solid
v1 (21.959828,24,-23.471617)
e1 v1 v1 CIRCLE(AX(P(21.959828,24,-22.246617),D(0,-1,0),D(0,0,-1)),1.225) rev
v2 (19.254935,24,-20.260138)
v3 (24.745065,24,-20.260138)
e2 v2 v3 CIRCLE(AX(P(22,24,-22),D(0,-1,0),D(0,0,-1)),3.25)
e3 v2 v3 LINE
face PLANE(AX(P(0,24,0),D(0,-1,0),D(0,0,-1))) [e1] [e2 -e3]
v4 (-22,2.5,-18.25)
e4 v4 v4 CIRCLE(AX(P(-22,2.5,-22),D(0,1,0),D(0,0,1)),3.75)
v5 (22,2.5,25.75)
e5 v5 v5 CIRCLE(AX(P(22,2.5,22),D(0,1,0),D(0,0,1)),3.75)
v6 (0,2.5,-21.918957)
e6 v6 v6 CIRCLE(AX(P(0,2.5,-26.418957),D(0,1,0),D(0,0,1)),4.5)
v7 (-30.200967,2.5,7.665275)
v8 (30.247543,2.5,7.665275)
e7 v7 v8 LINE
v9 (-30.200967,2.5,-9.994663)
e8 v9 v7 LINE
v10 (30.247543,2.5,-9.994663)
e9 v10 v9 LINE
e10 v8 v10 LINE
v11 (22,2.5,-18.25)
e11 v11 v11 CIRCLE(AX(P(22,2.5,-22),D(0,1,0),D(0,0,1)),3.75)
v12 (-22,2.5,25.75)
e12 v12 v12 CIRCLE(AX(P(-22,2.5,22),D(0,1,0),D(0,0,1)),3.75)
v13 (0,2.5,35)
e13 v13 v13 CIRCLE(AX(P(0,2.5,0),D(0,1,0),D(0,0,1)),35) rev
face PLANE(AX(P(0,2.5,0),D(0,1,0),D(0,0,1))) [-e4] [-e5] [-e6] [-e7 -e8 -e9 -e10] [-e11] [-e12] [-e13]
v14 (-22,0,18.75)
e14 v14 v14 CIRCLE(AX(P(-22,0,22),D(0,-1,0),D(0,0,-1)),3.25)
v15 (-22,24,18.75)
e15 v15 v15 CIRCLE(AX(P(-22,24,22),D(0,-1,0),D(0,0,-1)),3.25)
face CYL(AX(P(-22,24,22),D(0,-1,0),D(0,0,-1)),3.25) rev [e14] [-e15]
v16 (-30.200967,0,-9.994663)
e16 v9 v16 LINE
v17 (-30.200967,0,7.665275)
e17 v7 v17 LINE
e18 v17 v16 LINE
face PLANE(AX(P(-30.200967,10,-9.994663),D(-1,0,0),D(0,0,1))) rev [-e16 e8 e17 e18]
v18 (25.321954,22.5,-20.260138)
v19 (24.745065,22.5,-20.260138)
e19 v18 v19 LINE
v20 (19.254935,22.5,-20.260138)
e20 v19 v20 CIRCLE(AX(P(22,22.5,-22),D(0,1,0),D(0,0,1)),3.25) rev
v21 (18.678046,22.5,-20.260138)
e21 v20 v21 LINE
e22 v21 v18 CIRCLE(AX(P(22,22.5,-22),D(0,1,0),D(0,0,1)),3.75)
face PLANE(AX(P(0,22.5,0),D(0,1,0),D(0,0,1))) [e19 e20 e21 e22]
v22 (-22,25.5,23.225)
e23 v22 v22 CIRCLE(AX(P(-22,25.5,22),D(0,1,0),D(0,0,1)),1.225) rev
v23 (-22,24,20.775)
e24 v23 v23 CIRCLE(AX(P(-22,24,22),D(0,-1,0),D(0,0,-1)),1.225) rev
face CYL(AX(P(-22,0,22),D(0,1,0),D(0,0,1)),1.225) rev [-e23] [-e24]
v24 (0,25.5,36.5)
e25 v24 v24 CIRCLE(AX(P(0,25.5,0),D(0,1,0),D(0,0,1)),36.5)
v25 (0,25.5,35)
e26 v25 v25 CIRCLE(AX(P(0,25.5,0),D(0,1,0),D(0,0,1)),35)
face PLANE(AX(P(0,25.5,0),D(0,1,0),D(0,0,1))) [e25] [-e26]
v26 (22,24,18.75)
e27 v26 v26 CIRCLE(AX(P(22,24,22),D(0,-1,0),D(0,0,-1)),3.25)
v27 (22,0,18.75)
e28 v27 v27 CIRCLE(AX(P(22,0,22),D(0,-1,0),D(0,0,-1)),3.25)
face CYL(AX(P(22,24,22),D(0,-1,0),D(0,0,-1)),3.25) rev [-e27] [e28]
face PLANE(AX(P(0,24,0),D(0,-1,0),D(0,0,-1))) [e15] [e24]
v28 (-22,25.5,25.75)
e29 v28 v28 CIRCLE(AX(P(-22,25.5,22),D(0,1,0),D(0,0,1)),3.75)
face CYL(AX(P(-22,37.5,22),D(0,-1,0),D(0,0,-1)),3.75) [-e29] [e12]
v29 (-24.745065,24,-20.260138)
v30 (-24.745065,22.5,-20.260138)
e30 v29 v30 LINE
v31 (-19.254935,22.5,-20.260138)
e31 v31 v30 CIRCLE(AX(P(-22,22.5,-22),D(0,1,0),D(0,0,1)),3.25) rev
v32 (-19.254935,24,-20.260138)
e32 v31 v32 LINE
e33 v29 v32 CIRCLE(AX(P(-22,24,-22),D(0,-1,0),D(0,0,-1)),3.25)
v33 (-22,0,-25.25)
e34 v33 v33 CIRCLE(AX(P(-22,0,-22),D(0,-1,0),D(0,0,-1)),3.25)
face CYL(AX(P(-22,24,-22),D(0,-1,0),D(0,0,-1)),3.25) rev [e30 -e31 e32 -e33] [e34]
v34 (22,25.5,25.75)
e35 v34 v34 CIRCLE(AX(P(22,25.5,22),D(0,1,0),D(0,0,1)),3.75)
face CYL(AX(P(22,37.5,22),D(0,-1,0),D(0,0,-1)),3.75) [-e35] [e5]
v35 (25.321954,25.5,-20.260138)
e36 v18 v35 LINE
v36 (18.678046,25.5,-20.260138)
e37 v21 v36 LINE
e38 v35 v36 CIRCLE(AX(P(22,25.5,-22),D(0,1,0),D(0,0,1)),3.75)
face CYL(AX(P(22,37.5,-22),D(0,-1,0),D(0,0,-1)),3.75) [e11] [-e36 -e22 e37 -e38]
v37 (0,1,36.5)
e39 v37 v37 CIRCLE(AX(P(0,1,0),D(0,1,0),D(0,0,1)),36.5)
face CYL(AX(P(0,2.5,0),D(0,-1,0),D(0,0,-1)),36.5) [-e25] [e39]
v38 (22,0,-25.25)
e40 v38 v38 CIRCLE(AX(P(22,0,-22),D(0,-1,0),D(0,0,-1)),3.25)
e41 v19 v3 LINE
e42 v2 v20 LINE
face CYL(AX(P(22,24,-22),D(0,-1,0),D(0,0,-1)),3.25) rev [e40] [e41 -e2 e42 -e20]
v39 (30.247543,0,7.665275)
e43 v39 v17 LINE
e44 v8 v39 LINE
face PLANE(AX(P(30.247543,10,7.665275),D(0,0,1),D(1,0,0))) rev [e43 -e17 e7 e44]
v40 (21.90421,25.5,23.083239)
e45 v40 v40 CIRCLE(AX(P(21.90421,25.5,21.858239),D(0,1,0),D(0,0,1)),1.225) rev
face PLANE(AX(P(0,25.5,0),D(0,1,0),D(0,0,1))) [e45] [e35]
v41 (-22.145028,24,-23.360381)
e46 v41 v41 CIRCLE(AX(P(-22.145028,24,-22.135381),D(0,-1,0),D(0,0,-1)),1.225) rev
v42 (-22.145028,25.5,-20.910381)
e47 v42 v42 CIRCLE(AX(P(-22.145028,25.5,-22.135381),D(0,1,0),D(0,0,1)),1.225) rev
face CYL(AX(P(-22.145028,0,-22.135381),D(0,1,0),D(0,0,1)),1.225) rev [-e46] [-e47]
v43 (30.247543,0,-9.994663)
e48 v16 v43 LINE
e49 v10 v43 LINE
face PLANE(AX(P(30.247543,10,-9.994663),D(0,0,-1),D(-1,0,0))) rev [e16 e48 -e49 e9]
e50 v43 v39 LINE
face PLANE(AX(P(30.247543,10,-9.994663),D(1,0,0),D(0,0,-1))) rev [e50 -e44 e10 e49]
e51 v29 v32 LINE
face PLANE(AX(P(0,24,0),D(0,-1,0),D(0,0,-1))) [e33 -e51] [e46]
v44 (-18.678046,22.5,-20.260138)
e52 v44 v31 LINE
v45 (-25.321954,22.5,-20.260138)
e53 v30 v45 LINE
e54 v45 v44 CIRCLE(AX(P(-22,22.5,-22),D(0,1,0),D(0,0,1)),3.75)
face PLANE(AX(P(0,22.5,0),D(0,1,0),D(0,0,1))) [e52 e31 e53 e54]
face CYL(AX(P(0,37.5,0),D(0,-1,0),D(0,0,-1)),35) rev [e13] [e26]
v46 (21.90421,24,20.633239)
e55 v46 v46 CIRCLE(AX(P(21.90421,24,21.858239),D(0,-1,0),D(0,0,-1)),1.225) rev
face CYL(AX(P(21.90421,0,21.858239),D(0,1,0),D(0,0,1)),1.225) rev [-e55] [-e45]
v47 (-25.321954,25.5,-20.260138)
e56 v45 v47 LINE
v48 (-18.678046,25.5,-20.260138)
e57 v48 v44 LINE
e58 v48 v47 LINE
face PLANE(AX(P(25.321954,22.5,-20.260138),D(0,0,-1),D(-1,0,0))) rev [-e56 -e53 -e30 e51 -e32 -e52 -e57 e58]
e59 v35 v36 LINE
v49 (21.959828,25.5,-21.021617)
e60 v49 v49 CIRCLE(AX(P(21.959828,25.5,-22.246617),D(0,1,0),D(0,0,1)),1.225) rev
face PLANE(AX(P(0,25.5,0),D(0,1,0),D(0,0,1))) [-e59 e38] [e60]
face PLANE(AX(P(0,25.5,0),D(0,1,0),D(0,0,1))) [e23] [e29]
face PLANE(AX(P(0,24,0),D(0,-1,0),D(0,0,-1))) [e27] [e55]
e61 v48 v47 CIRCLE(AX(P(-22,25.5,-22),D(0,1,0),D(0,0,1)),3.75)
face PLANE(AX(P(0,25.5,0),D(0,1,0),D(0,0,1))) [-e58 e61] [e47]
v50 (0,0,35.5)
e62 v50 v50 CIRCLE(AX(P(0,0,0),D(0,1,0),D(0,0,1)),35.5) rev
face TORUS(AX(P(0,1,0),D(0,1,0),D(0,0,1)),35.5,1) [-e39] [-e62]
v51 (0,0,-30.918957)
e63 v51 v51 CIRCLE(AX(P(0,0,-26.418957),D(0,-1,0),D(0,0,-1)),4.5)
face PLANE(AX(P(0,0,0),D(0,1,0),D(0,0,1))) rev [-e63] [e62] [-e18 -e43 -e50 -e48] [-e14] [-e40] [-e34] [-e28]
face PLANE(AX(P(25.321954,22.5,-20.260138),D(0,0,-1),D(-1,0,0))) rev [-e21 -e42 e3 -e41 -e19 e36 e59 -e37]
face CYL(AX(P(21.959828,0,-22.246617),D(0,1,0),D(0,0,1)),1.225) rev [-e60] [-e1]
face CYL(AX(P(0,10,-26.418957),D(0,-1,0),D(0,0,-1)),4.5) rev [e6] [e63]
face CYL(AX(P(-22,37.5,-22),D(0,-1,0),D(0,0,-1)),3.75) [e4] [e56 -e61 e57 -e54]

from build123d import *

# Parameters (mm, degrees)
SKETCH2_R           = 36.5
BOSS_EXTRUDE1_DEPTH = 2.5
SKETCH3_R           = 36.5
SKETCH3_R_2         = 35
BOSS_EXTRUDE2_DEPTH = 35
SKETCH4_R           = 3.75
BOSS_EXTRUDE3_DEPTH = 35
SKETCH5_R           = 1.225
CUT_EXTRUDE2_DEPTH  = 64.802429421
CUT_EXTRUDE7_START  = -24
CUT_EXTRUDE7_DEPTH  = 24
FILLET2_R           = 0.75
SKETCH17_R          = 4.5
CUT_EXTRUDE9_DEPTH  = 10
SKETCH19_W          = 60.448509469
SKETCH19_H          = 17.659938419
CUT_EXTRUDE10_DEPTH = 10
FILLET7_R           = 1
CUT_EXTRUDE11_START = -12
SKETCH20_R          = 36.5
CUT_EXTRUDE11_DEPTH = 12
SKETCH21_W          = 50.64390868
SKETCH21_H          = 2.55548202
CUT_EXTRUDE13_DEPTH = 3


with BuildPart() as part:
    # Sketch2 → Boss-Extrude1 (new body)
    with BuildSketch(Plane(origin=(0, 0, 0), x_dir=(1, 0, 0), z_dir=(0, 1, 0))):
        with Locations(Location((0, 0, 0), (0, 0, 270))):
            Circle(SKETCH2_R)
    extrude(amount=BOSS_EXTRUDE1_DEPTH)

    # Sketch3 → Boss-Extrude2 (add)
    with BuildSketch(Plane(origin=(0, 2.5, 0), x_dir=(1, 0, 0), z_dir=(0, 1, 0))):
        with Locations(Location((0, 0, 0), (0, 0, 270))):
            Circle(SKETCH3_R)
        with Locations(Location((0, 0, 0), (0, 0, 270))):
            Circle(SKETCH3_R_2, mode=Mode.SUBTRACT)
    extrude(amount=BOSS_EXTRUDE2_DEPTH)

    # Sketch4 → Boss-Extrude3 (add)
    with BuildSketch(Plane(origin=(0, 2.5, 0), x_dir=(1, 0, 0), z_dir=(0, 1, 0))):
        with Locations(Location((-22, 22, 0), (0, 0, 270))):
            Circle(SKETCH4_R)
        with Locations(Location((22, 22, 0), (0, 0, 270))):
            Circle(SKETCH4_R)
        with Locations(Location((22, -22, 0), (0, 0, 270))):
            Circle(SKETCH4_R)
        with Locations(Location((-22, -22, 0), (0, 0, 270))):
            Circle(SKETCH4_R)
    extrude(amount=BOSS_EXTRUDE3_DEPTH)

    # Sketch5 → Cut-Extrude2 (cut, through all)
    with BuildSketch(Plane(origin=(0, 37.5, 0), x_dir=(1, 0, 0), z_dir=(0, 1, 0))):
        with Locations(Location((-22, -22, 0), (0, 0, 270))):
            Circle(SKETCH5_R)
        with Locations(Location((-22.145028028, 22.135381056, 0), (0, 0, 270))):
            Circle(SKETCH5_R)
        with Locations(Location((21.959827612, 22.246616506, 0), (0, 0, 270))):
            Circle(SKETCH5_R)
        with Locations(Location((21.904209888, -21.858239135, 0), (0, 0, 270))):
            Circle(SKETCH5_R)
    extrude(amount=-CUT_EXTRUDE2_DEPTH, mode=Mode.SUBTRACT)

    # Sketch9 → Cut-Extrude7 (cut)
    with BuildSketch(Plane.XZ.offset(CUT_EXTRUDE7_START)):
        with BuildLine():
            ThreePointArc((25.25, 22), (22, 25.25), (18.75, 22))
            Line((18.75, 22), (20.687440042, 22))
            ThreePointArc((20.687440042, 22), (21.975209673, 23.081179865), (23.129209888, 21.858239135))
            ThreePointArc((23.129209888, 21.858239135), (22.803645235, 21.026589536), (22, 20.63699008))
            Line((22, 20.63699008), (22, 18.75))
            ThreePointArc((22, 18.75), (24.298097039, 19.701902961), (25.25, 22))
        make_face()
        with BuildLine():
            Line((20.687440042, 22), (18.75, 22))
            ThreePointArc((18.75, 22), (19.701902961, 19.701902961), (22, 18.75))
            Line((22, 18.75), (22, 20.63699008))
            ThreePointArc((22, 20.63699008), (21.02182794, 21.008517358), (20.687440042, 22))
        make_face()
        with BuildLine():
            ThreePointArc((25.25, -22), (24.298097039, -19.701902961), (22, -18.75))
            Line((22, -18.75), (22, -21.022275385))
            ThreePointArc((22, -21.022275385), (22.840121931, -21.394732175), (23.184827612, -22.246616506))
            ThreePointArc((23.184827612, -22.246616506), (21.835883306, -23.465330093), (20.75990874, -22))
            Line((20.75990874, -22), (18.75, -22))
            ThreePointArc((18.75, -22), (22, -25.25), (25.25, -22))
        make_face()
        with BuildLine():
            Line((22, -21.022275385), (22, -18.75))
            ThreePointArc((22, -18.75), (19.701902961, -19.701902961), (18.75, -22))
            Line((18.75, -22), (20.75990874, -22))
            ThreePointArc((20.75990874, -22), (21.201382273, -21.284646824), (22, -21.022275385))
        make_face()
        with BuildLine():
            ThreePointArc((-18.75, -22), (-19.701902961, -19.701902961), (-22, -18.75))
            Line((-22, -18.75), (-22, -20.918996302))
            ThreePointArc((-22, -20.918996302), (-21.275395744, -21.272615335), (-20.92753184, -22))
            Line((-20.92753184, -22), (-18.75, -22))
        make_face()
        with BuildLine():
            Line((-22, -20.918996302), (-22, -18.75))
            ThreePointArc((-22, -18.75), (-24.298097039, -24.298097039), (-18.75, -22))
            Line((-18.75, -22), (-20.92753184, -22))
            ThreePointArc((-20.92753184, -22), (-20.92190542, -22.067586629), (-20.920028028, -22.135381056))
            ThreePointArc((-20.920028028, -22.135381056), (-23.061075062, -22.948697005), (-22, -20.918996302))
        make_face()
        with BuildLine():
            ThreePointArc((-22, 20.775), (-22.866205807, 22.866205807), (-20.775, 22))
            Line((-20.775, 22), (-18.75, 22))
            ThreePointArc((-18.75, 22), (-24.298097039, 24.298097039), (-22, 18.75))
            Line((-22, 18.75), (-22, 20.775))
        make_face()
        with BuildLine():
            Line((-18.75, 22), (-20.775, 22))
            ThreePointArc((-20.775, 22), (-21.133794193, 21.133794193), (-22, 20.775))
            Line((-22, 20.775), (-22, 18.75))
            ThreePointArc((-22, 18.75), (-19.701902961, 19.701902961), (-18.75, 22))
        make_face()
    extrude(amount=CUT_EXTRUDE7_DEPTH, mode=Mode.SUBTRACT)

    # Fillet2
    fillet2_edges = [part.edges().sort_by_distance(p)[0] for p in [
        (0, 37.5, -35),
    ]]
    fillet(fillet2_edges, radius=FILLET2_R)

    # Sketch17 → Cut-Extrude9 (cut)
    with BuildSketch(Plane.XZ):
        with Locations(Location((0, -26.418957296, 0), (0, 0, 270))):
            Circle(SKETCH17_R)
    extrude(amount=-CUT_EXTRUDE9_DEPTH, mode=Mode.SUBTRACT)

    # Sketch19 → Cut-Extrude10 (cut)
    with BuildSketch(Plane.XZ):
        with Locations((0.023287933, -1.164693847)):
            Rectangle(SKETCH19_W, SKETCH19_H)
    extrude(amount=-CUT_EXTRUDE10_DEPTH, mode=Mode.SUBTRACT)

    # Fillet7
    fillet7_edges = [part.edges().sort_by_distance(p)[0] for p in [
        (0, 0, -36.5),
    ]]
    fillet(fillet7_edges, radius=FILLET7_R)

    # Sketch20 → Cut-Extrude11 (cut)
    with BuildSketch(Plane(origin=(0, 37.5, 0), x_dir=(1, 0, 0), z_dir=(0, 1, 0)).offset(CUT_EXTRUDE11_START)):
        with Locations(Location((0, 0, 0), (0, 0, 270))):
            Circle(SKETCH20_R)
    extrude(amount=CUT_EXTRUDE11_DEPTH, mode=Mode.SUBTRACT)

    # Sketch21 → Cut-Extrude13 (cut)
    with BuildSketch(Plane(origin=(0, 25.5, 0), x_dir=(1, 0, 0), z_dir=(0, 1, 0))):
        with Locations((0, 18.98239711)):
            Rectangle(SKETCH21_W, SKETCH21_H)
    extrude(amount=-CUT_EXTRUDE13_DEPTH, mode=Mode.SUBTRACT)


solid = part.part
